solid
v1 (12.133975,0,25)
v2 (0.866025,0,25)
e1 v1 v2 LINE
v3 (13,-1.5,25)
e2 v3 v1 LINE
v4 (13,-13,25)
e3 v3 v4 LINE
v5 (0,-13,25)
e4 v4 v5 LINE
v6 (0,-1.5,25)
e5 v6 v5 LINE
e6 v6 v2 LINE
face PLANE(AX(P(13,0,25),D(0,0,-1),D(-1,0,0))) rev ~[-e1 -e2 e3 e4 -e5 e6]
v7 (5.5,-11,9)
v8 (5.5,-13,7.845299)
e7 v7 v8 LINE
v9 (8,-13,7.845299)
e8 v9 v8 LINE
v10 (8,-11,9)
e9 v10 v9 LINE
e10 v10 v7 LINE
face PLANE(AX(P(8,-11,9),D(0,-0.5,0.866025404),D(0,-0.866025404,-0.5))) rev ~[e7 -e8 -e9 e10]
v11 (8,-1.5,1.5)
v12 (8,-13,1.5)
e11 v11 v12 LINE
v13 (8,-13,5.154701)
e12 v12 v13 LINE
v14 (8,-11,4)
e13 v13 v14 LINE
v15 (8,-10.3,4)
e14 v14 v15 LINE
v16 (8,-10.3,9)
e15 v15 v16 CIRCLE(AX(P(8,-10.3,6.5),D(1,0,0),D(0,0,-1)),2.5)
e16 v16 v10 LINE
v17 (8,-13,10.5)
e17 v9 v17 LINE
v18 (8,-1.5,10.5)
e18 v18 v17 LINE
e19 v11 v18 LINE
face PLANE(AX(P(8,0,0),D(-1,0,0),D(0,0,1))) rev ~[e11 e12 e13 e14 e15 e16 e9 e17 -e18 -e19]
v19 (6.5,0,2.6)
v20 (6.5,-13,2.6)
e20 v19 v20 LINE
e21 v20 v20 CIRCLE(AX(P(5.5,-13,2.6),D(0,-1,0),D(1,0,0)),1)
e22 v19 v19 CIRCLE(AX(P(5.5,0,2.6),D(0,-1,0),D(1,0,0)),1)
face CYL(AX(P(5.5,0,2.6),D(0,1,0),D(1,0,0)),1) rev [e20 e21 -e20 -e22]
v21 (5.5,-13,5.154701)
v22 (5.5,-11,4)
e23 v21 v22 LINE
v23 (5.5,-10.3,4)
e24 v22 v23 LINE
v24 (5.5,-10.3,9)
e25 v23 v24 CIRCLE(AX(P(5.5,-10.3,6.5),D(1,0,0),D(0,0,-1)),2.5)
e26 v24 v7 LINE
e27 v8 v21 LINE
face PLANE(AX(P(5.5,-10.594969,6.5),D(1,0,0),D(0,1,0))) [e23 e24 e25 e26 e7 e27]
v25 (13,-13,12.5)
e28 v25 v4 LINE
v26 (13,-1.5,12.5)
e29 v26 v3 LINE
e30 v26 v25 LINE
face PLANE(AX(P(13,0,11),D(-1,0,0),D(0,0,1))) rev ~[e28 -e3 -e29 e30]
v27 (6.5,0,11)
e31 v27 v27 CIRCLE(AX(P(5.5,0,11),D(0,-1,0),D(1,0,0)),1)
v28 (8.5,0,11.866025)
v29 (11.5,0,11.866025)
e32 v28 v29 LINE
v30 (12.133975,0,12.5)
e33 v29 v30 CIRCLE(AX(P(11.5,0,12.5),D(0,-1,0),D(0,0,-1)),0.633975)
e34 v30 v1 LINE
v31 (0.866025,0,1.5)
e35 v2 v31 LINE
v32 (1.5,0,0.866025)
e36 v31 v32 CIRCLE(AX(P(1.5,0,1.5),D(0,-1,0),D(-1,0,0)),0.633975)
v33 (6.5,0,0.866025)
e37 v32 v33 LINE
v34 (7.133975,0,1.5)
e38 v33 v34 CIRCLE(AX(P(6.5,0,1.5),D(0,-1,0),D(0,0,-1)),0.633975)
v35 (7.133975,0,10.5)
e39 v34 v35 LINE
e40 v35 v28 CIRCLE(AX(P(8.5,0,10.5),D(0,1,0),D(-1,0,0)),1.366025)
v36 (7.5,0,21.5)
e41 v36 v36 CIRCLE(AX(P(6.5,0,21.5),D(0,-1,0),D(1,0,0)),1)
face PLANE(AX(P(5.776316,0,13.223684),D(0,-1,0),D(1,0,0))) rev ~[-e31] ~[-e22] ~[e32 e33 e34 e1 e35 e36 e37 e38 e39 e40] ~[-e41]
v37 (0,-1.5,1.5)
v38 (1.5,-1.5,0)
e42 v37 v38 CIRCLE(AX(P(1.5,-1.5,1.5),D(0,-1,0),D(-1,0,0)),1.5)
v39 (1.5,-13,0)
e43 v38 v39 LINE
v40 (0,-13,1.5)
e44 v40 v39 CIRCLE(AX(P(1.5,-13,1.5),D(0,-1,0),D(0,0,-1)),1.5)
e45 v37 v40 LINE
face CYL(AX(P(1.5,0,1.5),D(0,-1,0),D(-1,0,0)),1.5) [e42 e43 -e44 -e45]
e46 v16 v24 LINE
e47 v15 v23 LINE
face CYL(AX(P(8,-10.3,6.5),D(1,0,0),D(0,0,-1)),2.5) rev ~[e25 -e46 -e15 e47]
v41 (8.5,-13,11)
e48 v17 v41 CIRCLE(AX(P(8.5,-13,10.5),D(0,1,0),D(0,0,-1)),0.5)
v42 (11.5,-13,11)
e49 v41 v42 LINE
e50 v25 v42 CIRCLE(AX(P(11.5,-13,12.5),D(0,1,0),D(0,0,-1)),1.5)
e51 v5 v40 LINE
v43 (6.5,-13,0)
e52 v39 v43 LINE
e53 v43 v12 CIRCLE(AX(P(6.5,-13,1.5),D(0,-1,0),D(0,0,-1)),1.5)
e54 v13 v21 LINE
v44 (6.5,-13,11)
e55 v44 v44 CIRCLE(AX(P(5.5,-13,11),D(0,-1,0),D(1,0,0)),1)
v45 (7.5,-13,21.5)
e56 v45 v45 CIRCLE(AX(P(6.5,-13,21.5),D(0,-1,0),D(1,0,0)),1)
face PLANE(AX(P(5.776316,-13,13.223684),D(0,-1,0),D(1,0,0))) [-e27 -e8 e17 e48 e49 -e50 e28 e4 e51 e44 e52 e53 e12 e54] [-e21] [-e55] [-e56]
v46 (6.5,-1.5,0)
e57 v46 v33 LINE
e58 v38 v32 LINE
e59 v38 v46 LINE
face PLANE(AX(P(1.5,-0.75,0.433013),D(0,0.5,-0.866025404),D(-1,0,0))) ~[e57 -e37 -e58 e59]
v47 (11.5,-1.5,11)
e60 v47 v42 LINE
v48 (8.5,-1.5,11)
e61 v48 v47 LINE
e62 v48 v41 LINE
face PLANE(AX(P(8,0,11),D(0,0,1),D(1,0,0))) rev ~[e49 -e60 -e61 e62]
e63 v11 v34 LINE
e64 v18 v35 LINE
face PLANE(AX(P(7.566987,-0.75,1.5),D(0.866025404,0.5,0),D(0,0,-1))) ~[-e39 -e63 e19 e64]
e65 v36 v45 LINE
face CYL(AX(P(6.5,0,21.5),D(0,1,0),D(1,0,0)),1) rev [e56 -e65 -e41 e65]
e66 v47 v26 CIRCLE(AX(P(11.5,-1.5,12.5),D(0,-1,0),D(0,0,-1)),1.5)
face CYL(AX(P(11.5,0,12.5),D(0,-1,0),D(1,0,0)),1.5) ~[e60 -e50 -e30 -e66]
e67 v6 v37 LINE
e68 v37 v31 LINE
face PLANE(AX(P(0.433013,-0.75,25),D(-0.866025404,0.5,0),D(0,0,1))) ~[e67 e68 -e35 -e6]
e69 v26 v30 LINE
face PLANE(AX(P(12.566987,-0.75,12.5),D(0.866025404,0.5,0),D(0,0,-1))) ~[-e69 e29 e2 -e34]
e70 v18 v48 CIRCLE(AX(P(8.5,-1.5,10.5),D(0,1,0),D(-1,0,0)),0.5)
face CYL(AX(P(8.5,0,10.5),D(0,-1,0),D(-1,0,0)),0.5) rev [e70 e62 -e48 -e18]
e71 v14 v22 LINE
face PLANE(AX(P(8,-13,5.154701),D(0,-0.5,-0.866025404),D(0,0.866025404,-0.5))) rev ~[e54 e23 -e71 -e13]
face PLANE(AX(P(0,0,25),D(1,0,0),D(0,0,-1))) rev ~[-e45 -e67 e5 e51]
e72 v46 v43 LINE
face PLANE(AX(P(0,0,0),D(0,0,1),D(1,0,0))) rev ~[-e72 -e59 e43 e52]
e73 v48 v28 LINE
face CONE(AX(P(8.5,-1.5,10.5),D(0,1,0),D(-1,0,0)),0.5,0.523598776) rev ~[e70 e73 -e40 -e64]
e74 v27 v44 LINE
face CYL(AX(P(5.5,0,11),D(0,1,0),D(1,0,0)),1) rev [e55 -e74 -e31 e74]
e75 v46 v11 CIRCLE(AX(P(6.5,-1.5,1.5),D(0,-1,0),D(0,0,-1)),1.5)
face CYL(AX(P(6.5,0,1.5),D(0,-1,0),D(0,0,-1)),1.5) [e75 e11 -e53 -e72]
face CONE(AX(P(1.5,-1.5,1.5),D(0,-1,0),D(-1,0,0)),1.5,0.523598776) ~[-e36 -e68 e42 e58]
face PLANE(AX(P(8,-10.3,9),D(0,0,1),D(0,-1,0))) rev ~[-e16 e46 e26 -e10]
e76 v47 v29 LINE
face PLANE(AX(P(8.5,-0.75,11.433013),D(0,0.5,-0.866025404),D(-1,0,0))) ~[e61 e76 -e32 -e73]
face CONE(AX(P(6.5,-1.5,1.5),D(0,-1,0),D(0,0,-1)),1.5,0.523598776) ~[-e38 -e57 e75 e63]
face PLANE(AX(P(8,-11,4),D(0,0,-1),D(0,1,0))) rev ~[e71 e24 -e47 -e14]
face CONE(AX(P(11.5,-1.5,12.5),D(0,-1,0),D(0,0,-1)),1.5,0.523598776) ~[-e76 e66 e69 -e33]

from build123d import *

# Parameters (mm, degrees)
F0_R     = 1
F1_DEPTH = 13
F3_DEPTH = 2.5
F4_R     = 1.5
F5_R     = 0.5
F6_SIZE2 = 0.8660254038
F6_SIZE  = 1.5


with BuildPart() as f1:
    # F0 (on Front) → F1 (new body)
    with BuildSketch(Plane.XZ):
        Polygon((0, 25), (0, 0), (8, 0), (8, 11), (13, 11), (13, 25), align=None)
        with Locations((5.5, 2.6)):
            Circle(F0_R, mode=Mode.SUBTRACT)
        with Locations((5.5, 11)):
            Circle(F0_R, mode=Mode.SUBTRACT)
        with Locations((6.5, 21.5)):
            Circle(F0_R, mode=Mode.SUBTRACT)
    extrude(amount=F1_DEPTH)

    # F2 (on face) → F3 (cut)
    with BuildSketch(Plane.YZ.offset(8)):
        with BuildLine():
            Line((-13, 5.1547005384), (-11, 4))
            Line((-11, 4), (-10.3, 4))
            ThreePointArc((-10.3, 4), (-7.8, 6.5), (-10.3, 9))
            Line((-10.3, 9), (-11, 9))
            Line((-11, 9), (-13, 7.8452994616))
            Line((-13, 7.8452994616), (-13, 5.1547005384))
        make_face()
    extrude(amount=-F3_DEPTH, mode=Mode.SUBTRACT)

    # F4
    f4_edges = [f1.edges().sort_by_distance(p)[0] for p in [
        (8, -6.5, 0),
        (0, -6.5, 0),
        (13, -6.5, 11),
    ]]
    fillet(f4_edges, radius=F4_R)

    # F5
    f5_edges = [f1.edges().sort_by_distance(p)[0] for p in [
        (8, -6.5, 11),
    ]]
    fillet(f5_edges, radius=F5_R)

    # F6
    f6_edges = [f1.edges().sort_by_distance(p)[0] for p in [
        (13, 0, 18.75),
    ]]
    f6_side = f1.faces().sort_by_distance((13, -6.5, 18.75))[0]
    chamfer(f6_edges, length=F6_SIZE, length2=F6_SIZE2, reference=f6_side)


solid = f1.part
